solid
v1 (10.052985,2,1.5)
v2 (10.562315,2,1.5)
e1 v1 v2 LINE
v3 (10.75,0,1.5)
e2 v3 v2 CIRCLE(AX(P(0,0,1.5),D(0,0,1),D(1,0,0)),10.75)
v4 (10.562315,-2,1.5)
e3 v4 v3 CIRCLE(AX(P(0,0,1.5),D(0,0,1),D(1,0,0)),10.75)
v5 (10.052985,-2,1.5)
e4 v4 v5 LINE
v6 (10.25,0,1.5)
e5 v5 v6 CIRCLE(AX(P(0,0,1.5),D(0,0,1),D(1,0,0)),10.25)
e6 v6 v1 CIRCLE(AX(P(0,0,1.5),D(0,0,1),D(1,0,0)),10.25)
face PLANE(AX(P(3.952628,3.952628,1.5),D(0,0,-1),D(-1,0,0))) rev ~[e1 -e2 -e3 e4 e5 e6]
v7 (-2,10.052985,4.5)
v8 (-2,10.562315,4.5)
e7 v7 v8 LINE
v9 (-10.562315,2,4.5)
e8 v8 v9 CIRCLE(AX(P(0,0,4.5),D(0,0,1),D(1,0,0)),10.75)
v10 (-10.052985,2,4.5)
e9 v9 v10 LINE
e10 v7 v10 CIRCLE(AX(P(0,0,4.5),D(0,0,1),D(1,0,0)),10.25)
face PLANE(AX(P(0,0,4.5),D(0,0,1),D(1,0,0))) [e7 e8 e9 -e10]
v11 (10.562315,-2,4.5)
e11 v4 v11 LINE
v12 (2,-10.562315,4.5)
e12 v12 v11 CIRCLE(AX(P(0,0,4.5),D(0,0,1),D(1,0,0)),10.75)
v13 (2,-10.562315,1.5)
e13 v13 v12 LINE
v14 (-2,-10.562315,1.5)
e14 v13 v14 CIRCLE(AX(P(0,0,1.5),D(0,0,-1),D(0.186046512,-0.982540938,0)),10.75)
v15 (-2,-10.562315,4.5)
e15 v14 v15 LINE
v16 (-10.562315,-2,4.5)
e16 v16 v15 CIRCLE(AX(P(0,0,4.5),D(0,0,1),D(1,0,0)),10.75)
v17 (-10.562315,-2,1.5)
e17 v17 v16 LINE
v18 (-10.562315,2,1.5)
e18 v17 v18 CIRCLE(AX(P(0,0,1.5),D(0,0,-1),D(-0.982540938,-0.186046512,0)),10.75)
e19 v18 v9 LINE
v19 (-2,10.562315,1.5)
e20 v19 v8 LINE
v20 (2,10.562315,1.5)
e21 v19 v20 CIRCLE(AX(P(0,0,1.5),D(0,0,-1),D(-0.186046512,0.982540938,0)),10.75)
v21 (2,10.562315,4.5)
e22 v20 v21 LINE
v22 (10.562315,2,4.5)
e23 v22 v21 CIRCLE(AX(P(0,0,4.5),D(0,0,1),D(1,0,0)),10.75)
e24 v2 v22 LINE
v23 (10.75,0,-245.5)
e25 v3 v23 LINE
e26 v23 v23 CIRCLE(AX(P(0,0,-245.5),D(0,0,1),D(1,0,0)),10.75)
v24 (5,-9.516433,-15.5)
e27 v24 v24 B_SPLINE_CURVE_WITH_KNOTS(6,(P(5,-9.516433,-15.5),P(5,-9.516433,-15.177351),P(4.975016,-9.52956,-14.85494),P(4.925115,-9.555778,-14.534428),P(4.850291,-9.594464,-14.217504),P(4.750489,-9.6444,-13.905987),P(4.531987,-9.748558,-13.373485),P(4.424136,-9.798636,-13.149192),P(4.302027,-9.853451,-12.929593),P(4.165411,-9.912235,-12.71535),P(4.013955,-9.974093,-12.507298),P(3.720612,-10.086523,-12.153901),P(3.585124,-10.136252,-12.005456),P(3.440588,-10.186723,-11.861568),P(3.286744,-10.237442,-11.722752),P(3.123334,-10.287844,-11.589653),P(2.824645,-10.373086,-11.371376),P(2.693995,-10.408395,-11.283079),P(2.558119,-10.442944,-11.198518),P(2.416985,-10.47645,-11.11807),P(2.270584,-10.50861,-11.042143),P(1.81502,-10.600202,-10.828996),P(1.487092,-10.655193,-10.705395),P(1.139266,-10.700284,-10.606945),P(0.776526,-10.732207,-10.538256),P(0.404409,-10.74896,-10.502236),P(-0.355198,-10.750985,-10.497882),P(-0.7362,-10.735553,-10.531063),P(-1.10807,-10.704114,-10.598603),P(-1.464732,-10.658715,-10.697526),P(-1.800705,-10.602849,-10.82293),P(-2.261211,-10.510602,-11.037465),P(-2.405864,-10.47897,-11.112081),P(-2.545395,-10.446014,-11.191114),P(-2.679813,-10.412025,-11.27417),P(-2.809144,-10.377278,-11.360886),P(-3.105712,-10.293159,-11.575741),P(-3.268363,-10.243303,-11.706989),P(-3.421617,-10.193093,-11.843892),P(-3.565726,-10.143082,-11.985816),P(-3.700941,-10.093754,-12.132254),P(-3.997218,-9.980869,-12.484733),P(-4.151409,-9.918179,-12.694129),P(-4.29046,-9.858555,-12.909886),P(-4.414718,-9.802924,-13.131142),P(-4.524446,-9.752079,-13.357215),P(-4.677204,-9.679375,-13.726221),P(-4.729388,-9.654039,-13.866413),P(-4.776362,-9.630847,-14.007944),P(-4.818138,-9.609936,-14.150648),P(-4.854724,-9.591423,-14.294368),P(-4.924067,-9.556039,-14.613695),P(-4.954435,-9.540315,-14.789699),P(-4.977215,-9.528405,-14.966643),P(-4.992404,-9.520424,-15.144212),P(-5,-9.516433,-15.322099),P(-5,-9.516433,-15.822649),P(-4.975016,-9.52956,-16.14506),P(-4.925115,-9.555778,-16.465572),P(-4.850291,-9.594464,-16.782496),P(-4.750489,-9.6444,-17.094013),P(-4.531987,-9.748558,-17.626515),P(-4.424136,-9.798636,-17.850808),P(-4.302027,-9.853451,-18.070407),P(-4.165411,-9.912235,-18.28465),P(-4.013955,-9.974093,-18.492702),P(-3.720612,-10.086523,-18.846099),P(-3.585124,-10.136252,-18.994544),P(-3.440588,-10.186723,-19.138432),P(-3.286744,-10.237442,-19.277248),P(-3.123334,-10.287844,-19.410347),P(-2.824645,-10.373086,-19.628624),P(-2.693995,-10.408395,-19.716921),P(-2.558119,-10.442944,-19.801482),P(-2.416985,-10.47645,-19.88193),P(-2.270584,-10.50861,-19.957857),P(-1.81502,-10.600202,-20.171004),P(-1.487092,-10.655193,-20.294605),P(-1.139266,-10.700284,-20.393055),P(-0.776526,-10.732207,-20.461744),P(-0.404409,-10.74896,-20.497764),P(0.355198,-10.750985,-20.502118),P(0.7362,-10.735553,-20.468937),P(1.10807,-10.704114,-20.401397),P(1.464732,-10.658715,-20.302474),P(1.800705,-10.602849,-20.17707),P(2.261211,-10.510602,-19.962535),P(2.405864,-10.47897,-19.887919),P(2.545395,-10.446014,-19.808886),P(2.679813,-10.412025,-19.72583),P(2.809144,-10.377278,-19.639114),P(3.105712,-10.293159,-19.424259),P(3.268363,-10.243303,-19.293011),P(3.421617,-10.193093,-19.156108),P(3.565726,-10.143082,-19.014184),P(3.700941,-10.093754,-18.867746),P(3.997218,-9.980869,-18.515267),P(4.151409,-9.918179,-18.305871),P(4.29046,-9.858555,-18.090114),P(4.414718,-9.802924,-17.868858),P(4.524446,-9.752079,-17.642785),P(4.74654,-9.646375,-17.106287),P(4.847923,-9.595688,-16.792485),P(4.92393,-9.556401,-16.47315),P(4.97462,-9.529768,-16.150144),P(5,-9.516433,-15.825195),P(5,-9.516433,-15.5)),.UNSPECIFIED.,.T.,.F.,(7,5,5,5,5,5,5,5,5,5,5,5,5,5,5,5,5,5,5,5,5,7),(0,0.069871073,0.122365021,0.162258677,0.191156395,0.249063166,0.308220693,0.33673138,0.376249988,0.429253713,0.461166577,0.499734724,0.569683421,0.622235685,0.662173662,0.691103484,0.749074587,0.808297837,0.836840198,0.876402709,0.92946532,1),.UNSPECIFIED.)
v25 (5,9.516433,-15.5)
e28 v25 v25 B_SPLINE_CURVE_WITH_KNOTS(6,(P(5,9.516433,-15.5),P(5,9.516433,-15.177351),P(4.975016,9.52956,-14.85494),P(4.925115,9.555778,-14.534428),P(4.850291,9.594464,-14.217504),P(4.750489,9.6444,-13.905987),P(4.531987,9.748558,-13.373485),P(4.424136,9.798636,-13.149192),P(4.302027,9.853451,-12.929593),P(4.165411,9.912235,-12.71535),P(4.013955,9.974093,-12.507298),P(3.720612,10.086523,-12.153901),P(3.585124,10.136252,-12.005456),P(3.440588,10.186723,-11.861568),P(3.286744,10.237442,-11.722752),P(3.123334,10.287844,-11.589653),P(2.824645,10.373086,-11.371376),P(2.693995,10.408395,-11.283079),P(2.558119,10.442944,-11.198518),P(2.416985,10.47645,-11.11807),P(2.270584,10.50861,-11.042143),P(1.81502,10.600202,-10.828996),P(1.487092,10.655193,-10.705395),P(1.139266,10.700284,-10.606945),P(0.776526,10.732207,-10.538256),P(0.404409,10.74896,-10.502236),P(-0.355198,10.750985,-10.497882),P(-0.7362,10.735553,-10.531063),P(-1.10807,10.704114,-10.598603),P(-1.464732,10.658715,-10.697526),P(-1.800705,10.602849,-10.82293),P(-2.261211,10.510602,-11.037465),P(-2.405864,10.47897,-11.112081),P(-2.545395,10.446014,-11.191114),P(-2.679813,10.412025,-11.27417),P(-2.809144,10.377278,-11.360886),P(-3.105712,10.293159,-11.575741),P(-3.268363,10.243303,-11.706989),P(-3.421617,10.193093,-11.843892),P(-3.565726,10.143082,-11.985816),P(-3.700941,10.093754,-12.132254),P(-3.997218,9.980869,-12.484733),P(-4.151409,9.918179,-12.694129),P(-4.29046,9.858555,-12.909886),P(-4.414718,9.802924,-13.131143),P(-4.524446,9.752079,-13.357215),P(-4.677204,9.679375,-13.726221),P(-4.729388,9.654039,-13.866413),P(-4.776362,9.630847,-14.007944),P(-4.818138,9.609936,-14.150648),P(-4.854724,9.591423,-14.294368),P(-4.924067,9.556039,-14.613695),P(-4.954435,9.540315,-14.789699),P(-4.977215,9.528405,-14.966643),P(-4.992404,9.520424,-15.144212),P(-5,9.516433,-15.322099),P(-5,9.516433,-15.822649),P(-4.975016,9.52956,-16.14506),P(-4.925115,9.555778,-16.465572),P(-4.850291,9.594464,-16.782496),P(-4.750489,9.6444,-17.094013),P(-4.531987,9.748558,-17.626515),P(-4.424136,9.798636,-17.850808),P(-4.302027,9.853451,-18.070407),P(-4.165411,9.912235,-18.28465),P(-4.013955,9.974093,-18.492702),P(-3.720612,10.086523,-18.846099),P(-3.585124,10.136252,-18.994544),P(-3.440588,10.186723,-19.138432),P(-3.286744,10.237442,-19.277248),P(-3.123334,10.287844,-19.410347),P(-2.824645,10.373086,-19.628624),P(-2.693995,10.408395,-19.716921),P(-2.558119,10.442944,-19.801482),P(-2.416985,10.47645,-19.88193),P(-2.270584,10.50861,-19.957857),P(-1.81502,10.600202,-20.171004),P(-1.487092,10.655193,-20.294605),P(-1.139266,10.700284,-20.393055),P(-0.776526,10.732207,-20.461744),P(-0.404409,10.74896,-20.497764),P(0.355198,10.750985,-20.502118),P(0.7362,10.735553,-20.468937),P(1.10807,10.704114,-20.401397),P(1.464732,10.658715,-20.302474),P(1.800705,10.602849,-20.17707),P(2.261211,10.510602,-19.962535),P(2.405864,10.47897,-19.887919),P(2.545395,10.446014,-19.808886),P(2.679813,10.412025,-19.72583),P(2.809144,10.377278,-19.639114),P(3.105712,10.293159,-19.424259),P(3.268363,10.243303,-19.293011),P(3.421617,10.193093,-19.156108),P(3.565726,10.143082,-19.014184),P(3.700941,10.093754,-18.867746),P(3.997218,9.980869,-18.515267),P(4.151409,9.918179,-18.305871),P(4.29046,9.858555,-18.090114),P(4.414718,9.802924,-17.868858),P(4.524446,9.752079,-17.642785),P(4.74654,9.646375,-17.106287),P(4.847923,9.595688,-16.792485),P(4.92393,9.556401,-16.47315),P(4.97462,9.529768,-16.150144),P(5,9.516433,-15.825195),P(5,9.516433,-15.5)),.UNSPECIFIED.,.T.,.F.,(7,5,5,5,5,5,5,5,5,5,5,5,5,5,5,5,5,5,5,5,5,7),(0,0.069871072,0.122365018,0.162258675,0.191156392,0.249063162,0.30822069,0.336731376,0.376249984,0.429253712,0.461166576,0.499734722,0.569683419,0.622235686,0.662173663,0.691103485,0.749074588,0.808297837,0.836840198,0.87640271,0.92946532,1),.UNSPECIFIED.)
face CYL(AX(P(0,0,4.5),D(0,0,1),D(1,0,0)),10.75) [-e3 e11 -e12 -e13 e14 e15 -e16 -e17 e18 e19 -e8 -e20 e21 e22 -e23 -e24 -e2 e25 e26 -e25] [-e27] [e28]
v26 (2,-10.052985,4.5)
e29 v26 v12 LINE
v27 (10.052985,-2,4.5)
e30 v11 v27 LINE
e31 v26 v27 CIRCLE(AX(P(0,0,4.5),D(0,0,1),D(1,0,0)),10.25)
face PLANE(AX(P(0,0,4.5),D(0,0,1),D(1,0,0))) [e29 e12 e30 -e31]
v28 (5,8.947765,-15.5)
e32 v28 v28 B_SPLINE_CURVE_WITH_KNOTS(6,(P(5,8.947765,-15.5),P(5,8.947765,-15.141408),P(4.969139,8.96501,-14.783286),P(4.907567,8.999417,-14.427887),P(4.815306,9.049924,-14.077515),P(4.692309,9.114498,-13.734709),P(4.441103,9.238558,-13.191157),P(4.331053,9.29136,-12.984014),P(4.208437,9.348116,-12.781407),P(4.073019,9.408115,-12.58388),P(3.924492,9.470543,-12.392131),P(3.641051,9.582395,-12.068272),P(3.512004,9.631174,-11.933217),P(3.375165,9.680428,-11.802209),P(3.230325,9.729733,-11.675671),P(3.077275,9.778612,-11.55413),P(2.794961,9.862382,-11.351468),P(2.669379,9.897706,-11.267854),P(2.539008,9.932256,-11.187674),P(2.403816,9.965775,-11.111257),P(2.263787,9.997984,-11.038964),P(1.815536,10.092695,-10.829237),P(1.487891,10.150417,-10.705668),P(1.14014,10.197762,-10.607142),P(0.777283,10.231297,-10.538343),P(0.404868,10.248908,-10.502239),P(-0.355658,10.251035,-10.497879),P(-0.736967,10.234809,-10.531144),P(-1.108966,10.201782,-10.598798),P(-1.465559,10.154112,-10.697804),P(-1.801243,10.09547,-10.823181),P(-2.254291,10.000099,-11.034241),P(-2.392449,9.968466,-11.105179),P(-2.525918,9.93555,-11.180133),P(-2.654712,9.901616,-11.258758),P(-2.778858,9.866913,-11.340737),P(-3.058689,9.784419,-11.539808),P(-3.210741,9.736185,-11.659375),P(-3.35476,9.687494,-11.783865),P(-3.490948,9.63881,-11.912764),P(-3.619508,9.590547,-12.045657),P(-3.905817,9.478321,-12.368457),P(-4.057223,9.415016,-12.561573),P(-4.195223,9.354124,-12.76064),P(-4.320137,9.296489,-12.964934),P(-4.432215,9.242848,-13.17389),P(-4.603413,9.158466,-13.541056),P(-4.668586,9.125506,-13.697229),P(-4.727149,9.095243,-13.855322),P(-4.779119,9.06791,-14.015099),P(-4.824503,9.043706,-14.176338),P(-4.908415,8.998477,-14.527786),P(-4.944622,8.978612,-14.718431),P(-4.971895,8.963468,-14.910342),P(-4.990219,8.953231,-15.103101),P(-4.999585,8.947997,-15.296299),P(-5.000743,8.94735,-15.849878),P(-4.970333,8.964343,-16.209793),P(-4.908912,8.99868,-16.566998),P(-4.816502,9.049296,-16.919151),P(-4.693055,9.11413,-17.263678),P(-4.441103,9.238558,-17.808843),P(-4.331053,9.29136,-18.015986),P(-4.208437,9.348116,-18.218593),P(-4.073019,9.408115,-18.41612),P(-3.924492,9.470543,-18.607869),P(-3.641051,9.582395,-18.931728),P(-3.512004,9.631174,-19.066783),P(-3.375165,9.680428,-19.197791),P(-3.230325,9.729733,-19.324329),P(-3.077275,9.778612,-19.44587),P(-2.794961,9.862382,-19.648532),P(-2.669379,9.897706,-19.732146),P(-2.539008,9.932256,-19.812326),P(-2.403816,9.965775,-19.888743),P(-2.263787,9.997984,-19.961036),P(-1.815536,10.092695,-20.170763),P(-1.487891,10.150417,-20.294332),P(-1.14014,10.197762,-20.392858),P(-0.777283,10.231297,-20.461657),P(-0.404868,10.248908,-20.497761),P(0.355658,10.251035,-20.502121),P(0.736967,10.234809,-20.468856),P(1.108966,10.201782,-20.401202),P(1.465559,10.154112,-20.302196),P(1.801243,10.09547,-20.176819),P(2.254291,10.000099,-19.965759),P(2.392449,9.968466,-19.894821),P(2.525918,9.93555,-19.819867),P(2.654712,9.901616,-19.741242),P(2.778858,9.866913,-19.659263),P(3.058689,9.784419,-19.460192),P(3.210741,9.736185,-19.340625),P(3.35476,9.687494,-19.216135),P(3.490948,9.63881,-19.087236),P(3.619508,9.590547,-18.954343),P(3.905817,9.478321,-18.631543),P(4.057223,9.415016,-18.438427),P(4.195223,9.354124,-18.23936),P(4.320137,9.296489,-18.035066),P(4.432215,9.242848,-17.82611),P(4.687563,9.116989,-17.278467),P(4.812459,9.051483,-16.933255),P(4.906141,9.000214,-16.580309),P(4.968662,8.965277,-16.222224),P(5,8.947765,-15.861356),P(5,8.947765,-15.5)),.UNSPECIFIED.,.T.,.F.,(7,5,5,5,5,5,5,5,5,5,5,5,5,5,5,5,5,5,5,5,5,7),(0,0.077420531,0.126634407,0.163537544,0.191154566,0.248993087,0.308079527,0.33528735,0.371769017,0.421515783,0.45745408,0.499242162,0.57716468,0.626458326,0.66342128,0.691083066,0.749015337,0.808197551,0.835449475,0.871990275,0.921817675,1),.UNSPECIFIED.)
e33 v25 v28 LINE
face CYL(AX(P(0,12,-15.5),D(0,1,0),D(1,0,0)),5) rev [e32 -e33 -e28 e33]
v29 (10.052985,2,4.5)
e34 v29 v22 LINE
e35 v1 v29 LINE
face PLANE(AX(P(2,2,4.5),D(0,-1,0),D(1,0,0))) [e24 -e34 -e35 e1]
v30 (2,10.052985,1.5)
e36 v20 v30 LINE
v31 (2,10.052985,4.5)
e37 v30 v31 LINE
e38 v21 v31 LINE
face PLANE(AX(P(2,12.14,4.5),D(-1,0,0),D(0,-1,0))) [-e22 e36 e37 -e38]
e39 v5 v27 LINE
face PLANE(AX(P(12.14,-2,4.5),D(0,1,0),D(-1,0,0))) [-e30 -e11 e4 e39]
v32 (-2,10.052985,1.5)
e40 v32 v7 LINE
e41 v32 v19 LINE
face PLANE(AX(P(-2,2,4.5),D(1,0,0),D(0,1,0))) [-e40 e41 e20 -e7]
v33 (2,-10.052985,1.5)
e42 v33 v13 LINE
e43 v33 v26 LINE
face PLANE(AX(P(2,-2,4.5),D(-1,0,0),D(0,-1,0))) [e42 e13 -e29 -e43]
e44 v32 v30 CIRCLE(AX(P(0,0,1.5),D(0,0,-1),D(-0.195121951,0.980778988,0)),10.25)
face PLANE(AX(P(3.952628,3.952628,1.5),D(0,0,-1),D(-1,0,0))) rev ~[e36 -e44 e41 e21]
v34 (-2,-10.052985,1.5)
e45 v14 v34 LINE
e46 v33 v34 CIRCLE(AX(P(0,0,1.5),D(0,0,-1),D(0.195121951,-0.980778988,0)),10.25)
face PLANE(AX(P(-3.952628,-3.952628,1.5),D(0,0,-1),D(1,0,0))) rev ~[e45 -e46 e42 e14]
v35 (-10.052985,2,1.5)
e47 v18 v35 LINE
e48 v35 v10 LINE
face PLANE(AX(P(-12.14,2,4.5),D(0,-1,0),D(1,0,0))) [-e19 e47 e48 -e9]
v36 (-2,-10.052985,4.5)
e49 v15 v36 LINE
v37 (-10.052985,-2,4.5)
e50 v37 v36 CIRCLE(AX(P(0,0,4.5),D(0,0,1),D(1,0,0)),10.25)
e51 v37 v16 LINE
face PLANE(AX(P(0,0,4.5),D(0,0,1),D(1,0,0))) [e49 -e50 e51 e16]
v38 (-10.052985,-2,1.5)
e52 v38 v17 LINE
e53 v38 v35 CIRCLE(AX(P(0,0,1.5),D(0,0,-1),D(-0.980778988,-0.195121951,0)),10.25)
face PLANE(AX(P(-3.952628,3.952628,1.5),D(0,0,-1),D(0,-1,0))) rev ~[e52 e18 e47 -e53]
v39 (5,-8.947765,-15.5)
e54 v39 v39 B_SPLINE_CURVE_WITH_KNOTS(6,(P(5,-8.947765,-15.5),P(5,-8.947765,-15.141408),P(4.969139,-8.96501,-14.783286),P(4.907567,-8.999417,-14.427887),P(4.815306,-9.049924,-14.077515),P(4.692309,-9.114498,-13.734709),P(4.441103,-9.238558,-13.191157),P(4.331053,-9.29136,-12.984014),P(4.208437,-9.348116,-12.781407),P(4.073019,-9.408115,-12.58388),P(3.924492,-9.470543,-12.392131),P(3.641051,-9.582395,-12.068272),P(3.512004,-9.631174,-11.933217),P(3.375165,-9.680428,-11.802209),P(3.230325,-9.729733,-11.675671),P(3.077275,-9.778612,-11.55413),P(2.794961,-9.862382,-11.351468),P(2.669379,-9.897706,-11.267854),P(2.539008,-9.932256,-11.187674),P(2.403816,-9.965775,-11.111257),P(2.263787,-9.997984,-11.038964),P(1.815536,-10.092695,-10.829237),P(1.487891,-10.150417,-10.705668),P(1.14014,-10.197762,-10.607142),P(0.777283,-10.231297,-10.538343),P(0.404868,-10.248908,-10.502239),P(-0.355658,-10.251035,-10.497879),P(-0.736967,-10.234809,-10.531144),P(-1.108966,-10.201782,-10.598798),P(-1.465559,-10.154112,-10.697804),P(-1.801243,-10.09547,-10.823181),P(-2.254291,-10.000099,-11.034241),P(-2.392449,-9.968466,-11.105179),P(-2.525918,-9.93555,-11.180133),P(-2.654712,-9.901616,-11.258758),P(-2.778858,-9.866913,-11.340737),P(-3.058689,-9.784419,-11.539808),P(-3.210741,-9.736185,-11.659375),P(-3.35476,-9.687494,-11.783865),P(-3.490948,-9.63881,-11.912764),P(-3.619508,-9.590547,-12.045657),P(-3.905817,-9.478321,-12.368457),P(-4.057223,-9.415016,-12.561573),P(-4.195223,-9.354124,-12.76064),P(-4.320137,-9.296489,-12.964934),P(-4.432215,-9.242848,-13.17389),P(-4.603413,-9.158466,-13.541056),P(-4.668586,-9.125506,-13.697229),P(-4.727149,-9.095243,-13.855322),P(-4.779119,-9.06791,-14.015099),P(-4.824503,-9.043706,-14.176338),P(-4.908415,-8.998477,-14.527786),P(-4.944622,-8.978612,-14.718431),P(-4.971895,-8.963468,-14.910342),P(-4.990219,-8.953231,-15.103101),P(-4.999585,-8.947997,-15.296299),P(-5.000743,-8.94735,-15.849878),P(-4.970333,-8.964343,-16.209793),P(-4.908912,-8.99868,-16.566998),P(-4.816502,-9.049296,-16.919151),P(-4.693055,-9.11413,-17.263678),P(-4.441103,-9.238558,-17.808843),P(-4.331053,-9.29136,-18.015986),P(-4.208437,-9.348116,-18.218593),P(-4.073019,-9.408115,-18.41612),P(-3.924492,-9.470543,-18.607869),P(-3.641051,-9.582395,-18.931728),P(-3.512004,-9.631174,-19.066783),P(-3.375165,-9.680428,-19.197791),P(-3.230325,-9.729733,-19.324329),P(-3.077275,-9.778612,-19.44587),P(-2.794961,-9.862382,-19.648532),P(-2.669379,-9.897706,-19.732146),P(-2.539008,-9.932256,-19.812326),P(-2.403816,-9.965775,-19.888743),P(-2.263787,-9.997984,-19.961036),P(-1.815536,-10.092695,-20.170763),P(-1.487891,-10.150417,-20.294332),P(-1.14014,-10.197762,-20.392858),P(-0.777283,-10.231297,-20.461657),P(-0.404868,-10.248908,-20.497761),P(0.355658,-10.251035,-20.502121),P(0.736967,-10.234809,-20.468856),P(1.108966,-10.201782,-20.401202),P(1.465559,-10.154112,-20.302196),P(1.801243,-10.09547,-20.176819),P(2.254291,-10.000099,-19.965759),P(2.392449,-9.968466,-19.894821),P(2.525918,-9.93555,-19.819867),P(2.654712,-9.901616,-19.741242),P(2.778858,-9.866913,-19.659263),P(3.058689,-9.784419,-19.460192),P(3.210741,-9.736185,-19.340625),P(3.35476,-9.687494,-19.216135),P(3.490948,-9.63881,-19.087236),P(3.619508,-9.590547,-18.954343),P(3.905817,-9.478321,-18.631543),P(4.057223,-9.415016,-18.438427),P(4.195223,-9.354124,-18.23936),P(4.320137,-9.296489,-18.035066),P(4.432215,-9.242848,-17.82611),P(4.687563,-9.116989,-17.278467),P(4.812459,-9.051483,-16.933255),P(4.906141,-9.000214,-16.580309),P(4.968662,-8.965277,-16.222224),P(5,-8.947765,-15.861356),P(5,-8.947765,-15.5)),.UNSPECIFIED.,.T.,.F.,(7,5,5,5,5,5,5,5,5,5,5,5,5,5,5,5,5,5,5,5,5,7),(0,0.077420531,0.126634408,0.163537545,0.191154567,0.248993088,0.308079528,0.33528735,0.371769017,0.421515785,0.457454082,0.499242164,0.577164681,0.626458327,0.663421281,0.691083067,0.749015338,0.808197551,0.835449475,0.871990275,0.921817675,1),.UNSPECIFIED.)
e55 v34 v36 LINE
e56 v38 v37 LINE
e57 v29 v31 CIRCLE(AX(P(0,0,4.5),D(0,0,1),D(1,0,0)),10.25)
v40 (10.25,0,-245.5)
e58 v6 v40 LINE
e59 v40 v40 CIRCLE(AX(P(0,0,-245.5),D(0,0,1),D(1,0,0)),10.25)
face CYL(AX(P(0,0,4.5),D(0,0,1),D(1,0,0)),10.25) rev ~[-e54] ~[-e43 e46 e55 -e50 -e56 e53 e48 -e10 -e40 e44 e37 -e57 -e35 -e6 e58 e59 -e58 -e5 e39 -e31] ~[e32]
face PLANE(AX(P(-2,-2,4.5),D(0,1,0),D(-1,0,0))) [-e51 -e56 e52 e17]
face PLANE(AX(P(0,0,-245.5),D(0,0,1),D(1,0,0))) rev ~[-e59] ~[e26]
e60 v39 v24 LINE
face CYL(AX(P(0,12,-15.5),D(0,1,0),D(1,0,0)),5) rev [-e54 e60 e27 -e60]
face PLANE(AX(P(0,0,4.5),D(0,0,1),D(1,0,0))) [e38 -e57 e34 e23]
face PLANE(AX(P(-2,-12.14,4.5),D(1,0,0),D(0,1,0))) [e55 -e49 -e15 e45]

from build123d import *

# Parameters (mm, degrees)
SKETCH023_R           = 10.75
SKETCH023_R_2         = 10.25
PAD011_DEPTH          = 250
POCKET009_DEPTH       = 3
POLARPATTERN003_COUNT = 4
CYLINDER002_R         = 5
CYLINDER002_DEPTH     = 24


with BuildPart() as part:
    # Sketch023 → Pad011 (new body)
    with BuildSketch(Plane.XY):
        Circle(SKETCH023_R)
        Circle(SKETCH023_R_2, mode=Mode.SUBTRACT)
    extrude(amount=-PAD011_DEPTH)

    # Sketch024 → Pocket009 (cut)
    with BuildSketch(Plane.XY):
        Polygon((0, 12.14), (2, 12.14), (2, 2), (12.14, 2), (12.14, 0), (0, 0), align=None)
    pocket009 = extrude(amount=-POCKET009_DEPTH, mode=Mode.SUBTRACT)

    # PolarPattern003: Pocket009 ×4 about axis
    polarpattern003_axis = Axis((0, 0, 0), (0, 0, 1))
    for i in range(1, POLARPATTERN003_COUNT):
        add(pocket009.rotate(polarpattern003_axis, i * 360 / POLARPATTERN003_COUNT), mode=Mode.SUBTRACT)

    # Cylinder002 → Cylinder002 (cut)
    with BuildSketch(Plane(origin=(0, 12, -20), x_dir=(1, 0, 0), z_dir=(0, -1, 0))):
        Circle(CYLINDER002_R)
    extrude(amount=CYLINDER002_DEPTH, mode=Mode.SUBTRACT)


with BuildPart() as part_1:
    # Body011 placement: moved
    add(part.part.moved(Location((0, 0, 4.5))))


solid = part_1.part
